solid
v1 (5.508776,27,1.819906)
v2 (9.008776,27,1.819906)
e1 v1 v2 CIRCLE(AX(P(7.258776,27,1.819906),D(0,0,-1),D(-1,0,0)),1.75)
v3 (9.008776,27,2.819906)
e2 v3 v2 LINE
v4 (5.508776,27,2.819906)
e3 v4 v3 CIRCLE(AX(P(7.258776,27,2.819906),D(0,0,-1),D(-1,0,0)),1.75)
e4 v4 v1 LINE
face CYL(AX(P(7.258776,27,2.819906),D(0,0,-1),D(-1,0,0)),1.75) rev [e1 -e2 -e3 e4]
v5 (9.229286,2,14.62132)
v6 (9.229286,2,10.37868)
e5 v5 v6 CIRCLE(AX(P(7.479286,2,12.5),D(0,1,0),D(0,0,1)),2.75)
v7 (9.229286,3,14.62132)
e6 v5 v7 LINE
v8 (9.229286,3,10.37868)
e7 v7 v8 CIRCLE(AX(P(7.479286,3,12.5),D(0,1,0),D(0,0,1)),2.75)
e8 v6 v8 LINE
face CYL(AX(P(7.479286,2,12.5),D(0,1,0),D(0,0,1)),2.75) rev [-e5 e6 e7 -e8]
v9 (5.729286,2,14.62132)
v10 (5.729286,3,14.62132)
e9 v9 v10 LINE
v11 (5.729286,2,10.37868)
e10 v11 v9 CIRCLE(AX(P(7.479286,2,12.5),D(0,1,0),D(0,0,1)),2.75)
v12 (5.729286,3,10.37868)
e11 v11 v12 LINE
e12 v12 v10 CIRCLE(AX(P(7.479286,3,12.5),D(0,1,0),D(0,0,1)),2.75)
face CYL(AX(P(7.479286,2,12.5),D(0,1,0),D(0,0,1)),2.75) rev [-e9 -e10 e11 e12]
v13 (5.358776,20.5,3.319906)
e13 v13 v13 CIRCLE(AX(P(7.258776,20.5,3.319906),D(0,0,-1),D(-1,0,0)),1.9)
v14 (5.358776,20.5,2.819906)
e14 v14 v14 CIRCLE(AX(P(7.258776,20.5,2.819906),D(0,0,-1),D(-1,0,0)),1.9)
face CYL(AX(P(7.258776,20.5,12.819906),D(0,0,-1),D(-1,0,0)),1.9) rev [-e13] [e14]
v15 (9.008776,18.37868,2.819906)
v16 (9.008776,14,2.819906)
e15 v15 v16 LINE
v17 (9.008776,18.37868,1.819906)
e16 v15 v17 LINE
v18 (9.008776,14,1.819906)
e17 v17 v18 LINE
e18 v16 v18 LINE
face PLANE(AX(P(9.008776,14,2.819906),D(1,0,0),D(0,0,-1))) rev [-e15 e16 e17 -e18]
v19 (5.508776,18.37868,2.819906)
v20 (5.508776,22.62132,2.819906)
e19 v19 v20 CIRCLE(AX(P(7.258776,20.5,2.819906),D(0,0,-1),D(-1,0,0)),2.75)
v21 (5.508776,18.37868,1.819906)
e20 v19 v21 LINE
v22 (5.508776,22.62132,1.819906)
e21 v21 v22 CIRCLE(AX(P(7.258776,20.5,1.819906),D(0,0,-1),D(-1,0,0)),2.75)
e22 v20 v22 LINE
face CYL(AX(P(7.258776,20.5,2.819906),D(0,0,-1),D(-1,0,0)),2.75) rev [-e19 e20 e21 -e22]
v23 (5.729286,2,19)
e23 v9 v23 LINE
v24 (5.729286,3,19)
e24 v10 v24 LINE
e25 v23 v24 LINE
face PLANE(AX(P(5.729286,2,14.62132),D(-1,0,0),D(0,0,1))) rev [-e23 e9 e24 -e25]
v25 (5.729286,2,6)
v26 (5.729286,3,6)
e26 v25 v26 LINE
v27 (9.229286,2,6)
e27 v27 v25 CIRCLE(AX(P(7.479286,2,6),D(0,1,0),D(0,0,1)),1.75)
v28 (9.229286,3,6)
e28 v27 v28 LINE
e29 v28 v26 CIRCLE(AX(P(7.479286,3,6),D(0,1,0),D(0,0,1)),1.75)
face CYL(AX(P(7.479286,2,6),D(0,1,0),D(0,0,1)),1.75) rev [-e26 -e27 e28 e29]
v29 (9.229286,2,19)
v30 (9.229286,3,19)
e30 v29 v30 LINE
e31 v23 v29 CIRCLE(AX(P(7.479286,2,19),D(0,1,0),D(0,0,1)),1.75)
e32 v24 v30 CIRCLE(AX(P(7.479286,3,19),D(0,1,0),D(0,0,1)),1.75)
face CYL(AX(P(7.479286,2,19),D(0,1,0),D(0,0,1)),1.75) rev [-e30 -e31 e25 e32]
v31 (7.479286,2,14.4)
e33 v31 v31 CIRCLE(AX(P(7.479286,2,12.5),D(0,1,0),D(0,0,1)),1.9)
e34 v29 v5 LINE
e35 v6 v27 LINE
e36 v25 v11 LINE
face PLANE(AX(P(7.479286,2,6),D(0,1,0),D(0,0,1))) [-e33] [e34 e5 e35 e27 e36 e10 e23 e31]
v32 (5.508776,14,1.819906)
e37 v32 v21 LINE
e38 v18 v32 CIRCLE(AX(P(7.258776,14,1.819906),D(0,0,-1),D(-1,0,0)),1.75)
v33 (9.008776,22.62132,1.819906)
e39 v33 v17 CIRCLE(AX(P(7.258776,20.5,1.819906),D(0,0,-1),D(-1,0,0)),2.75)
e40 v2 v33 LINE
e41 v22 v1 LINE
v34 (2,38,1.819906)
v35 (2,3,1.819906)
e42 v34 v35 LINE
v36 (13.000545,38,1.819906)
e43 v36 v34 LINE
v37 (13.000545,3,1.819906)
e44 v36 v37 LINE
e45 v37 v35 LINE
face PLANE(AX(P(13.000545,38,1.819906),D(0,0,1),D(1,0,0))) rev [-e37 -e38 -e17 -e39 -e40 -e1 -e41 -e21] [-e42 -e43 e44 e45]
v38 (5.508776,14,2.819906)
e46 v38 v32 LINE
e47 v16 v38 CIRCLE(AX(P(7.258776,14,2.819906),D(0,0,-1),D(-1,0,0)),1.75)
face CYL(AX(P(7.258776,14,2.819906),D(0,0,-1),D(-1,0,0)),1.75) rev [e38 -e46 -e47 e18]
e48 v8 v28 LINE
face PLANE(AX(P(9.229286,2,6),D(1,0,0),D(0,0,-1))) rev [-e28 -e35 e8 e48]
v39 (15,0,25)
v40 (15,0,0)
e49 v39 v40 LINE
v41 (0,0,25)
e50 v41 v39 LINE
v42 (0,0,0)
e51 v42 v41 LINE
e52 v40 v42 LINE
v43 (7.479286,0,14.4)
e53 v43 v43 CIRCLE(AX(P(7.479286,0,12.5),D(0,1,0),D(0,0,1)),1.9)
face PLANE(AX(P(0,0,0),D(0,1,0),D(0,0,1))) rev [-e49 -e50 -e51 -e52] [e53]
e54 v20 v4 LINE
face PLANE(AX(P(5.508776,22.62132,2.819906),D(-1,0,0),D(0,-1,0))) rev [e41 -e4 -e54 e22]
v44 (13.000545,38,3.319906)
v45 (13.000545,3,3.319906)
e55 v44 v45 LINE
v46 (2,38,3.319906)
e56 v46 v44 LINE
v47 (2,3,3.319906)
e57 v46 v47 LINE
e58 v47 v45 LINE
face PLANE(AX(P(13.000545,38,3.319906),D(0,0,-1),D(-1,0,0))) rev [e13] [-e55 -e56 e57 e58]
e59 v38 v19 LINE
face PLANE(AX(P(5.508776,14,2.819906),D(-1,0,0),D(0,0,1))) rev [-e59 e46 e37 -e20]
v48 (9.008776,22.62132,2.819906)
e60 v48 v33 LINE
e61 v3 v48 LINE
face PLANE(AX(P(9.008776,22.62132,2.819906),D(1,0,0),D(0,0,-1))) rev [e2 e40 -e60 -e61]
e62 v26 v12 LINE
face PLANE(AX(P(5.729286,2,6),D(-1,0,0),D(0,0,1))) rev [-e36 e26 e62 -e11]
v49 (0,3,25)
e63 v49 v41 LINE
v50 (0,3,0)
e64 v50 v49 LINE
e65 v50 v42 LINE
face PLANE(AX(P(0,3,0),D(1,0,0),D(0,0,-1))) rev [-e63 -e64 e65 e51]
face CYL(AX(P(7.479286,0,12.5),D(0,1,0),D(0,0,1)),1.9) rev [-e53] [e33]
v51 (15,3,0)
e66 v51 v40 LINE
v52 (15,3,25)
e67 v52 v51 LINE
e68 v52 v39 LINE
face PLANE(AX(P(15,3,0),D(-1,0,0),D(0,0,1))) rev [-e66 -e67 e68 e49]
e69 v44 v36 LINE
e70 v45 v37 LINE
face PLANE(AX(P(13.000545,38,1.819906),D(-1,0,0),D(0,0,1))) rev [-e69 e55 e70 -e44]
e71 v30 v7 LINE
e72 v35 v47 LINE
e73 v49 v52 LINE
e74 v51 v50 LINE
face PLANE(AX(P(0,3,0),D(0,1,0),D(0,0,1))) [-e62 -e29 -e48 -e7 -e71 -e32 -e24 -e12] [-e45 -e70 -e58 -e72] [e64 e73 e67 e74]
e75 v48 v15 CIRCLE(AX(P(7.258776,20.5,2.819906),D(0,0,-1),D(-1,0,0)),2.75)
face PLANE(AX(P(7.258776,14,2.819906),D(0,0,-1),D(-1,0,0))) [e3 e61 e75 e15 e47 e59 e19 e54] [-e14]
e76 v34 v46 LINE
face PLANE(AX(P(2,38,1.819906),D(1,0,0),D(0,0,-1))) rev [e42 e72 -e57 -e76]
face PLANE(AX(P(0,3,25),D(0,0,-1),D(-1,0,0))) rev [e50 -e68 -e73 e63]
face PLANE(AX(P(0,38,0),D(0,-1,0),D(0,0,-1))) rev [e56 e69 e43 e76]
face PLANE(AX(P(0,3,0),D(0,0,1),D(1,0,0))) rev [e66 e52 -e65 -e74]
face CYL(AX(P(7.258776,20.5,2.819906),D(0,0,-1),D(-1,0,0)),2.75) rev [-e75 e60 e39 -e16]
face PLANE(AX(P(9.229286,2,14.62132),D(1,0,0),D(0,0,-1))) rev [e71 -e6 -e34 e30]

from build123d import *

# Parameters (mm, degrees)
SKETCH_1_W          = 15
SKETCH_1_H          = 25
EXTRUDE_1_DEPTH     = 3
CUT_EXTRUDE_1_DEPTH = 1
SKETCH_3_R          = 1.9
CUT_EXTRUDE_2_DEPTH = 30.223278392
SKETCH_4_W          = 11.000545076
SKETCH_4_H          = 1.5
EXTRUDE_2_DEPTH     = 35
CUT_EXTRUDE_3_DEPTH = 1
SKETCH_6_R          = 1.9
CUT_EXTRUDE_4_DEPTH = 10


with BuildPart() as part:
    # 草图1 → 凸台-拉伸1 (new body)
    with BuildSketch(Plane(origin=(0, 0, 0), x_dir=(1, 0, 0), z_dir=(0, 1, 0))):
        with Locations((7.5, -12.5)):
            Rectangle(SKETCH_1_W, SKETCH_1_H)
    extrude(amount=EXTRUDE_1_DEPTH)

    # 草图2 → 切除-拉伸1 (cut)
    with BuildSketch(Plane(origin=(0, 3, 0), x_dir=(1, 0, 0), z_dir=(0, 1, 0))):
        with BuildLine():
            Line((9.229285522, -6), (9.229285522, -10.378679656))
            ThreePointArc((9.229285522, -10.378679656), (10.229285522, -12.5), (9.229285522, -14.621320344))
            Line((9.229285522, -14.621320344), (9.229285522, -19))
            ThreePointArc((9.229285522, -19), (7.479285522, -20.75), (5.729285522, -19))
            Line((5.729285522, -19), (5.729285522, -14.621320344))
            ThreePointArc((5.729285522, -14.621320344), (4.729285522, -12.5), (5.729285522, -10.378679656))
            Line((5.729285522, -10.378679656), (5.729285522, -6))
            ThreePointArc((5.729285522, -6), (7.479285522, -4.25), (9.229285522, -6))
        make_face()
    extrude(amount=-CUT_EXTRUDE_1_DEPTH, mode=Mode.SUBTRACT)

    # 草图3 → 切除-拉伸2 (cut, through all)
    with BuildSketch(Plane(origin=(0, 2, 0), x_dir=(1, 0, 0), z_dir=(0, 1, 0))):
        with Locations(Location((7.479285522, -12.5, 0), (0, 0, 270))):
            Circle(SKETCH_3_R)
    extrude(amount=-CUT_EXTRUDE_2_DEPTH, mode=Mode.SUBTRACT)

    # 草图4 → 凸台-拉伸2 (add)
    with BuildSketch(Plane(origin=(0, 3, 0), x_dir=(1, 0, 0), z_dir=(0, 1, 0))):
        with Locations((7.500272538, -2.569906393)):
            Rectangle(SKETCH_4_W, SKETCH_4_H)
    extrude(amount=EXTRUDE_2_DEPTH)

    # 草图5 → 切除-拉伸3 (cut)
    with BuildSketch(Plane(origin=(0, 0, 1.819906393), x_dir=(-1, 0, 0), z_dir=(0, 0, -1))):
        with BuildLine():
            Line((-9.008775904, 14), (-9.008775904, 18.378679656))
            ThreePointArc((-9.008775904, 18.378679656), (-10.008775904, 20.5), (-9.008775904, 22.621320344))
            Line((-9.008775904, 22.621320344), (-9.008775904, 27))
            ThreePointArc((-9.008775904, 27), (-7.258775904, 28.75), (-5.508775904, 27))
            Line((-5.508775904, 27), (-5.508775904, 22.621320344))
            ThreePointArc((-5.508775904, 22.621320344), (-4.508775904, 20.5), (-5.508775904, 18.378679656))
            Line((-5.508775904, 18.378679656), (-5.508775904, 14))
            ThreePointArc((-5.508775904, 14), (-7.258775904, 12.25), (-9.008775904, 14))
        make_face()
    extrude(amount=-CUT_EXTRUDE_3_DEPTH, mode=Mode.SUBTRACT)

    # 草图6 → 切除-拉伸4 (cut)
    with BuildSketch(Plane(origin=(0, 0, 2.819906393), x_dir=(-1, 0, 0), z_dir=(0, 0, -1))):
        with Locations((-7.258775904, 20.5)):
            Circle(SKETCH_6_R)
    extrude(amount=-CUT_EXTRUDE_4_DEPTH, mode=Mode.SUBTRACT)


solid = part.part
